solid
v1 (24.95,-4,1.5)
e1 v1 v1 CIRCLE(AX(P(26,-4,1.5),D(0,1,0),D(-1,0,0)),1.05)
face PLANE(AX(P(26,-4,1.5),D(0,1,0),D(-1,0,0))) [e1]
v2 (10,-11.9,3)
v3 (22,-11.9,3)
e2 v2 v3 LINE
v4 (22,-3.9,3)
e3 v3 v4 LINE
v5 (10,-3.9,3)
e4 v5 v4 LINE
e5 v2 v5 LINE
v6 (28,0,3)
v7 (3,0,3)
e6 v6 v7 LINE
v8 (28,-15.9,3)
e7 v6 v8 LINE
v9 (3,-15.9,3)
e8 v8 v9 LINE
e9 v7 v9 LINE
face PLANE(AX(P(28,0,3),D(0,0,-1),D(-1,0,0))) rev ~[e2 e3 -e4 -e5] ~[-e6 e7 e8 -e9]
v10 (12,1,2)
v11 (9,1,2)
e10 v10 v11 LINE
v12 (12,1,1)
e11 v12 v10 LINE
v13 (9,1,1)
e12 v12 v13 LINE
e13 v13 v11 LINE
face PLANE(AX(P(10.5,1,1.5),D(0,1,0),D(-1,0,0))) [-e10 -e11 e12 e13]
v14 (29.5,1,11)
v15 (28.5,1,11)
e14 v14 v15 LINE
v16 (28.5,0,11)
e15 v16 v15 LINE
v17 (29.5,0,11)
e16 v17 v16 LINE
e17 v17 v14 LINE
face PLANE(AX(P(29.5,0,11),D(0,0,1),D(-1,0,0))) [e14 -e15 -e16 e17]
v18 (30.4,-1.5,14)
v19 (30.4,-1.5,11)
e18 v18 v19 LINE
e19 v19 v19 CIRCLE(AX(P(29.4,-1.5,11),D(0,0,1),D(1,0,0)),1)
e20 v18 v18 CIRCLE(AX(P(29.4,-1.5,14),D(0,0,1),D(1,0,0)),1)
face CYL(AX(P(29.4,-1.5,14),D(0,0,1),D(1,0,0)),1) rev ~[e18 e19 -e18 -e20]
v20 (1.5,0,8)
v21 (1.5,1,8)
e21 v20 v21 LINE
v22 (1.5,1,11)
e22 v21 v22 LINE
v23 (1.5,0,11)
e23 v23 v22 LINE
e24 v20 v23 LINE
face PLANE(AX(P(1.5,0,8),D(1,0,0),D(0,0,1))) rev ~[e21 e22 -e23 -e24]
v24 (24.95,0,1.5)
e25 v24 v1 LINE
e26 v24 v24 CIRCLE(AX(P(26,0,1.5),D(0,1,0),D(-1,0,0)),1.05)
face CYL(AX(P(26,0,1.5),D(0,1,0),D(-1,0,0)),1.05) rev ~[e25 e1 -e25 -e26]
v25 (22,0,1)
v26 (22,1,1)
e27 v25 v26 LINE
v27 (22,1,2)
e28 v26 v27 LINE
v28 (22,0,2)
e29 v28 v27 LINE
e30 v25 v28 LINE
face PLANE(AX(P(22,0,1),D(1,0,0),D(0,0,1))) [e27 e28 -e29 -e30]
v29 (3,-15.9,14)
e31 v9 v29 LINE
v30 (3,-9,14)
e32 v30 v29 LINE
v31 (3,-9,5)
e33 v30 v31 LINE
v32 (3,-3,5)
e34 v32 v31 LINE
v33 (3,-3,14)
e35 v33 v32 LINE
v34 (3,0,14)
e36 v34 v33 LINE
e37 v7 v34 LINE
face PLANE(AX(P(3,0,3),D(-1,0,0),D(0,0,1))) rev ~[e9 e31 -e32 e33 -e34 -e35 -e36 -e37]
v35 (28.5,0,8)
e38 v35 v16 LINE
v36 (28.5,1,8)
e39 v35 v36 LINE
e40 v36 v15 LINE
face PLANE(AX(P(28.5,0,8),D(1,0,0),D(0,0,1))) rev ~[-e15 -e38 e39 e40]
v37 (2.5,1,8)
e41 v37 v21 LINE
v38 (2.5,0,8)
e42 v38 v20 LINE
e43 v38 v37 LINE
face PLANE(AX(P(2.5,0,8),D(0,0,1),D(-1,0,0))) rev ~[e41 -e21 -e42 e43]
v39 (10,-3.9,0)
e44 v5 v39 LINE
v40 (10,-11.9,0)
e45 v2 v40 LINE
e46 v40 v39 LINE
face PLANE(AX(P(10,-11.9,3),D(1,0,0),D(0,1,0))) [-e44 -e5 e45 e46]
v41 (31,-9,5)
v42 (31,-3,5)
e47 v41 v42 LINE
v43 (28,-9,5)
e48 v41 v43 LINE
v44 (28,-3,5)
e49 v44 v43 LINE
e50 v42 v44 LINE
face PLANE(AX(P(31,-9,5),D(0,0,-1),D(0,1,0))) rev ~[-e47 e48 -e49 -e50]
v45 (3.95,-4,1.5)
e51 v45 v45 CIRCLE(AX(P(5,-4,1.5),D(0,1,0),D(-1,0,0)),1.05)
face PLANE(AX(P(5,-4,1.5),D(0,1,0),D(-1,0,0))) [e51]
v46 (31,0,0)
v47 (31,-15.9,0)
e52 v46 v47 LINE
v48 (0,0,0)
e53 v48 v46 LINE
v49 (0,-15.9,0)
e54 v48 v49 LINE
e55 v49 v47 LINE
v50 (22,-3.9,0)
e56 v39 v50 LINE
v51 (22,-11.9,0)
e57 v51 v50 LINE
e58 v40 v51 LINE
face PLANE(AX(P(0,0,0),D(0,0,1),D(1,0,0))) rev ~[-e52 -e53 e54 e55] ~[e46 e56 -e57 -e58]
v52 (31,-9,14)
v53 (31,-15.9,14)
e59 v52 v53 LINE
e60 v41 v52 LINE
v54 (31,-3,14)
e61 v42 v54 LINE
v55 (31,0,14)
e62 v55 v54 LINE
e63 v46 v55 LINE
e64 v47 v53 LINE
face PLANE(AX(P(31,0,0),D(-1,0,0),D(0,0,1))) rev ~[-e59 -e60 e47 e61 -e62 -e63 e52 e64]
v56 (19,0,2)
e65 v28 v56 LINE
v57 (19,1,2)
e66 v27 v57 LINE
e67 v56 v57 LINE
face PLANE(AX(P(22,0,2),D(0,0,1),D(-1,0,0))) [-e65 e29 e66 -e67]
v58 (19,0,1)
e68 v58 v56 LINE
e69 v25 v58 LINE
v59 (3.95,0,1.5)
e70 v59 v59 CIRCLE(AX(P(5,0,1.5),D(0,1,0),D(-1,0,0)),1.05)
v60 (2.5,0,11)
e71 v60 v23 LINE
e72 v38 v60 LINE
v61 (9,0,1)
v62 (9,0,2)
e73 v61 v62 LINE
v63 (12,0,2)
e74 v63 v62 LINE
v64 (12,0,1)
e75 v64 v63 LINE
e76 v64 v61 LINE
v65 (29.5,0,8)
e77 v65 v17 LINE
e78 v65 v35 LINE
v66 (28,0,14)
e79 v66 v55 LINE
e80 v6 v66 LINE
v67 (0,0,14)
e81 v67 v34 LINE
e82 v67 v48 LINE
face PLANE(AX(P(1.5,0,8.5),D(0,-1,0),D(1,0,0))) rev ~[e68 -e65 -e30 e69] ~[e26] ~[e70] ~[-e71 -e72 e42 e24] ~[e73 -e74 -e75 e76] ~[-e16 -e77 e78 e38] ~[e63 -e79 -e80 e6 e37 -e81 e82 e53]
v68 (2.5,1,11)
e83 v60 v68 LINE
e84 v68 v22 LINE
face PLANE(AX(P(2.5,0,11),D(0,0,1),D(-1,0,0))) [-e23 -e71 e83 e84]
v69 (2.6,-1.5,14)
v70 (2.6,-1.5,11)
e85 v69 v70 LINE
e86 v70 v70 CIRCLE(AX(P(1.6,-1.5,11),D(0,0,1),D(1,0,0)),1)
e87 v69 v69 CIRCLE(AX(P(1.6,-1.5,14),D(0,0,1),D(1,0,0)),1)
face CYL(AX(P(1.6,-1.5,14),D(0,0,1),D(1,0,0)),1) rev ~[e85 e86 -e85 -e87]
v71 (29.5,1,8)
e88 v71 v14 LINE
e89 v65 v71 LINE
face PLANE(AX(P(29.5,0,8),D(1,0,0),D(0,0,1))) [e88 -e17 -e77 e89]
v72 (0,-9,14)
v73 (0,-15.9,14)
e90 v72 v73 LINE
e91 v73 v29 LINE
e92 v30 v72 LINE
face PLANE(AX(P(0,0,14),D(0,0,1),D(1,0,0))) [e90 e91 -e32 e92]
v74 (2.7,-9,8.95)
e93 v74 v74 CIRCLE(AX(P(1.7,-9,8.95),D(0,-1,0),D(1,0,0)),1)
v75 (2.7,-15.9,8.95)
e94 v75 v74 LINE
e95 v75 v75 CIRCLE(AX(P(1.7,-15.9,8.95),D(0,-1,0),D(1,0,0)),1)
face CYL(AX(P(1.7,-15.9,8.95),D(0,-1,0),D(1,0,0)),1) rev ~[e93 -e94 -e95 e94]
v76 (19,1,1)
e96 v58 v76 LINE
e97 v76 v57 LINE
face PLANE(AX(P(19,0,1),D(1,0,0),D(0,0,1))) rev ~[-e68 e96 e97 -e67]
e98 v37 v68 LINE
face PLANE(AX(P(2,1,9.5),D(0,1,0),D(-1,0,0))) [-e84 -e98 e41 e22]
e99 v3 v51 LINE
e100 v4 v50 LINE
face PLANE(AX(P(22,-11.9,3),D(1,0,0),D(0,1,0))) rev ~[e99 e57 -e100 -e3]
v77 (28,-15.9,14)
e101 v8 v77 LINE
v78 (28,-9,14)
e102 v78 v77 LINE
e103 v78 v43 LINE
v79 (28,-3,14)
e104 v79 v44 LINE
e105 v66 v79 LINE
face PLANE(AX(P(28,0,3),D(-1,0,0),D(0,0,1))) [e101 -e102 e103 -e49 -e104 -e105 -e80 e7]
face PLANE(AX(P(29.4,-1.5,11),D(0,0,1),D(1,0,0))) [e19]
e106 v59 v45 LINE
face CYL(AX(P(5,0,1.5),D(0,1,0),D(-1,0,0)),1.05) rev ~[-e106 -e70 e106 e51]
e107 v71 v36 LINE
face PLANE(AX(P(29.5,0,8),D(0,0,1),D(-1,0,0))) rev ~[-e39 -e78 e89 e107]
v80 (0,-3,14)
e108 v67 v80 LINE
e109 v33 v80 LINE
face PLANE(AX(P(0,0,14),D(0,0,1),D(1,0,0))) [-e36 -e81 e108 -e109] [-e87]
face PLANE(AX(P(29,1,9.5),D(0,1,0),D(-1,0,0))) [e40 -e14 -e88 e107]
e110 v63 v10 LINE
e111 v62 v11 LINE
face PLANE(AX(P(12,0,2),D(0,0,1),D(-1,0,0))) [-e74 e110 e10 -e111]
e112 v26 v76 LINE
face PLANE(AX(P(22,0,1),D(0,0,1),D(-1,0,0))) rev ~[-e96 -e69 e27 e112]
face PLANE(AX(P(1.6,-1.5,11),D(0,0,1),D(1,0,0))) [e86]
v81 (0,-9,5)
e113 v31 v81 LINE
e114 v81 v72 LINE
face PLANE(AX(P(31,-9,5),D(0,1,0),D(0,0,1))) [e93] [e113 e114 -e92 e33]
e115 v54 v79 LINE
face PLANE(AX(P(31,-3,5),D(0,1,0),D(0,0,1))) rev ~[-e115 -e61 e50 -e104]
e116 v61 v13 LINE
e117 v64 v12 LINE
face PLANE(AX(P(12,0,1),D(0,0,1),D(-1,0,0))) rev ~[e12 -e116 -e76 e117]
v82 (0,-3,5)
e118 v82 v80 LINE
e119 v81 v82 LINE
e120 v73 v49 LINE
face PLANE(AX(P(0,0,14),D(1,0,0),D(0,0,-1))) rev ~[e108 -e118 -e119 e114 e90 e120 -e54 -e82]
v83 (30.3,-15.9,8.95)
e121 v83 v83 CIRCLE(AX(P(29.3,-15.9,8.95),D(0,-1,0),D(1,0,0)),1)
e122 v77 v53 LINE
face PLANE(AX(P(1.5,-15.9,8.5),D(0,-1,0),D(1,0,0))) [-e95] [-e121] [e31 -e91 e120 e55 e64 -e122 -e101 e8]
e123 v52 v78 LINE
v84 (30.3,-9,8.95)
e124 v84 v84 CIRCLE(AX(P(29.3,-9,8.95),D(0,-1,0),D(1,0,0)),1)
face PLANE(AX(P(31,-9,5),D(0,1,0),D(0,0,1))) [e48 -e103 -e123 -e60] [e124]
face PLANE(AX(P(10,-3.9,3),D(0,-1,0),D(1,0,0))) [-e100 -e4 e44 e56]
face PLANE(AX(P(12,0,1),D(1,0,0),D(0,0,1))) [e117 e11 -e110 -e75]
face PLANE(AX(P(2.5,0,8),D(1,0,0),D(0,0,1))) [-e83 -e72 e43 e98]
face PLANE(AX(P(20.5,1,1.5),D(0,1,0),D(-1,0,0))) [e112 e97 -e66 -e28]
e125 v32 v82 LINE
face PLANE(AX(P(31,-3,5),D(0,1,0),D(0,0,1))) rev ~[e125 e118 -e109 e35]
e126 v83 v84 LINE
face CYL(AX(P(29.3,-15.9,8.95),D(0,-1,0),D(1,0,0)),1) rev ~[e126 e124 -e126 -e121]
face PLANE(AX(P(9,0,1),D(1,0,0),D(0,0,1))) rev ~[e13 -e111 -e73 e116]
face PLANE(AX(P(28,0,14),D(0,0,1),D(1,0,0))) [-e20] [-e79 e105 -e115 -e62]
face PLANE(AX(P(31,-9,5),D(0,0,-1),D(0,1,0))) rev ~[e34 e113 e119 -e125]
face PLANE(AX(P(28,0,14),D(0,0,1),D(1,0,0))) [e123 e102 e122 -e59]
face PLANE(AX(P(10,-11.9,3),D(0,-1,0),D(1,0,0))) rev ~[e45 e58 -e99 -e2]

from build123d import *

# Parameters (mm, degrees)
F0_W      = 3
F0_H      = 11
F1_DEPTH  = 15.9
F2_W      = 6
F2_H      = 9
F3_DEPTH  = 31.001
F4_R      = 1
F5_DEPTH  = 6.9
F6_R      = 1.05
F7_DEPTH  = 4
F8_W      = 3
F8_H      = 1
F8_W_2    = 1
F8_H_2    = 3
F9_DEPTH  = 1
F10_R     = 1
F11_DEPTH = 3
F12_W     = 12
F12_H     = 8
F13_DEPTH = 3


with BuildPart() as f1:
    # F0 (on Front) → F1 (new body)
    with BuildSketch(Plane.XZ):
        with Locations((1.5, 8.5)):
            Rectangle(F0_W, F0_H)
        Polygon((3, 3), (0, 3), (0, 0), (31, 0), (31, 3), (28, 3), align=None)
        with Locations((29.5, 8.5)):
            Rectangle(F0_W, F0_H)
    extrude(amount=F1_DEPTH)

    # F2 (on face) → F3 (cut, through all)
    with BuildSketch(Plane.YZ.offset(31)):
        with Locations((-6, 9.5)):
            Rectangle(F2_W, F2_H)
    extrude(amount=-F3_DEPTH, mode=Mode.SUBTRACT)

    # F4 (on face) → F5 (cut, through all)
    with BuildSketch(Plane.XZ.offset(15.9)):
        with Locations((1.7, 8.95)):
            Circle(F4_R)
        with Locations((29.3, 8.95)):
            Circle(F4_R)
    extrude(amount=-F5_DEPTH, mode=Mode.SUBTRACT)

    # F6 (on face) → F7 (cut)
    with BuildSketch(Plane(origin=(0, 0, 0), x_dir=(-1, 0, 0), z_dir=(0, 1, 0))):
        with Locations((-26, 1.5)):
            Circle(F6_R)
        with Locations((-5, 1.5)):
            Circle(F6_R)
    extrude(amount=-F7_DEPTH, mode=Mode.SUBTRACT)

    # F8 (on face) → F9 (join)
    with BuildSketch(Plane(origin=(0, 0, 0), x_dir=(-1, 0, 0), z_dir=(0, 1, 0))):
        with Locations((-20.5, 1.5)):
            Rectangle(F8_W, F8_H)
        with Locations((-10.5, 1.5)):
            Rectangle(F8_W, F8_H)
        with Locations((-29, 9.5)):
            Rectangle(F8_W_2, F8_H_2)
        with Locations((-2, 9.5)):
            Rectangle(F8_W_2, F8_H_2)
    extrude(amount=F9_DEPTH)

    # F10 (on face) → F11 (cut)
    with BuildSketch(Plane.XY.offset(14)):
        with Locations((29.4, -1.5)):
            Circle(F10_R)
        with Locations((1.6, -1.5)):
            Circle(F10_R)
    extrude(amount=-F11_DEPTH, mode=Mode.SUBTRACT)

    # F12 (on face) → F13 (cut, through all)
    with BuildSketch(Plane.XY.offset(3)):
        with Locations((16, -7.9)):
            Rectangle(F12_W, F12_H)
    extrude(amount=-F13_DEPTH, mode=Mode.SUBTRACT)


solid = f1.part
